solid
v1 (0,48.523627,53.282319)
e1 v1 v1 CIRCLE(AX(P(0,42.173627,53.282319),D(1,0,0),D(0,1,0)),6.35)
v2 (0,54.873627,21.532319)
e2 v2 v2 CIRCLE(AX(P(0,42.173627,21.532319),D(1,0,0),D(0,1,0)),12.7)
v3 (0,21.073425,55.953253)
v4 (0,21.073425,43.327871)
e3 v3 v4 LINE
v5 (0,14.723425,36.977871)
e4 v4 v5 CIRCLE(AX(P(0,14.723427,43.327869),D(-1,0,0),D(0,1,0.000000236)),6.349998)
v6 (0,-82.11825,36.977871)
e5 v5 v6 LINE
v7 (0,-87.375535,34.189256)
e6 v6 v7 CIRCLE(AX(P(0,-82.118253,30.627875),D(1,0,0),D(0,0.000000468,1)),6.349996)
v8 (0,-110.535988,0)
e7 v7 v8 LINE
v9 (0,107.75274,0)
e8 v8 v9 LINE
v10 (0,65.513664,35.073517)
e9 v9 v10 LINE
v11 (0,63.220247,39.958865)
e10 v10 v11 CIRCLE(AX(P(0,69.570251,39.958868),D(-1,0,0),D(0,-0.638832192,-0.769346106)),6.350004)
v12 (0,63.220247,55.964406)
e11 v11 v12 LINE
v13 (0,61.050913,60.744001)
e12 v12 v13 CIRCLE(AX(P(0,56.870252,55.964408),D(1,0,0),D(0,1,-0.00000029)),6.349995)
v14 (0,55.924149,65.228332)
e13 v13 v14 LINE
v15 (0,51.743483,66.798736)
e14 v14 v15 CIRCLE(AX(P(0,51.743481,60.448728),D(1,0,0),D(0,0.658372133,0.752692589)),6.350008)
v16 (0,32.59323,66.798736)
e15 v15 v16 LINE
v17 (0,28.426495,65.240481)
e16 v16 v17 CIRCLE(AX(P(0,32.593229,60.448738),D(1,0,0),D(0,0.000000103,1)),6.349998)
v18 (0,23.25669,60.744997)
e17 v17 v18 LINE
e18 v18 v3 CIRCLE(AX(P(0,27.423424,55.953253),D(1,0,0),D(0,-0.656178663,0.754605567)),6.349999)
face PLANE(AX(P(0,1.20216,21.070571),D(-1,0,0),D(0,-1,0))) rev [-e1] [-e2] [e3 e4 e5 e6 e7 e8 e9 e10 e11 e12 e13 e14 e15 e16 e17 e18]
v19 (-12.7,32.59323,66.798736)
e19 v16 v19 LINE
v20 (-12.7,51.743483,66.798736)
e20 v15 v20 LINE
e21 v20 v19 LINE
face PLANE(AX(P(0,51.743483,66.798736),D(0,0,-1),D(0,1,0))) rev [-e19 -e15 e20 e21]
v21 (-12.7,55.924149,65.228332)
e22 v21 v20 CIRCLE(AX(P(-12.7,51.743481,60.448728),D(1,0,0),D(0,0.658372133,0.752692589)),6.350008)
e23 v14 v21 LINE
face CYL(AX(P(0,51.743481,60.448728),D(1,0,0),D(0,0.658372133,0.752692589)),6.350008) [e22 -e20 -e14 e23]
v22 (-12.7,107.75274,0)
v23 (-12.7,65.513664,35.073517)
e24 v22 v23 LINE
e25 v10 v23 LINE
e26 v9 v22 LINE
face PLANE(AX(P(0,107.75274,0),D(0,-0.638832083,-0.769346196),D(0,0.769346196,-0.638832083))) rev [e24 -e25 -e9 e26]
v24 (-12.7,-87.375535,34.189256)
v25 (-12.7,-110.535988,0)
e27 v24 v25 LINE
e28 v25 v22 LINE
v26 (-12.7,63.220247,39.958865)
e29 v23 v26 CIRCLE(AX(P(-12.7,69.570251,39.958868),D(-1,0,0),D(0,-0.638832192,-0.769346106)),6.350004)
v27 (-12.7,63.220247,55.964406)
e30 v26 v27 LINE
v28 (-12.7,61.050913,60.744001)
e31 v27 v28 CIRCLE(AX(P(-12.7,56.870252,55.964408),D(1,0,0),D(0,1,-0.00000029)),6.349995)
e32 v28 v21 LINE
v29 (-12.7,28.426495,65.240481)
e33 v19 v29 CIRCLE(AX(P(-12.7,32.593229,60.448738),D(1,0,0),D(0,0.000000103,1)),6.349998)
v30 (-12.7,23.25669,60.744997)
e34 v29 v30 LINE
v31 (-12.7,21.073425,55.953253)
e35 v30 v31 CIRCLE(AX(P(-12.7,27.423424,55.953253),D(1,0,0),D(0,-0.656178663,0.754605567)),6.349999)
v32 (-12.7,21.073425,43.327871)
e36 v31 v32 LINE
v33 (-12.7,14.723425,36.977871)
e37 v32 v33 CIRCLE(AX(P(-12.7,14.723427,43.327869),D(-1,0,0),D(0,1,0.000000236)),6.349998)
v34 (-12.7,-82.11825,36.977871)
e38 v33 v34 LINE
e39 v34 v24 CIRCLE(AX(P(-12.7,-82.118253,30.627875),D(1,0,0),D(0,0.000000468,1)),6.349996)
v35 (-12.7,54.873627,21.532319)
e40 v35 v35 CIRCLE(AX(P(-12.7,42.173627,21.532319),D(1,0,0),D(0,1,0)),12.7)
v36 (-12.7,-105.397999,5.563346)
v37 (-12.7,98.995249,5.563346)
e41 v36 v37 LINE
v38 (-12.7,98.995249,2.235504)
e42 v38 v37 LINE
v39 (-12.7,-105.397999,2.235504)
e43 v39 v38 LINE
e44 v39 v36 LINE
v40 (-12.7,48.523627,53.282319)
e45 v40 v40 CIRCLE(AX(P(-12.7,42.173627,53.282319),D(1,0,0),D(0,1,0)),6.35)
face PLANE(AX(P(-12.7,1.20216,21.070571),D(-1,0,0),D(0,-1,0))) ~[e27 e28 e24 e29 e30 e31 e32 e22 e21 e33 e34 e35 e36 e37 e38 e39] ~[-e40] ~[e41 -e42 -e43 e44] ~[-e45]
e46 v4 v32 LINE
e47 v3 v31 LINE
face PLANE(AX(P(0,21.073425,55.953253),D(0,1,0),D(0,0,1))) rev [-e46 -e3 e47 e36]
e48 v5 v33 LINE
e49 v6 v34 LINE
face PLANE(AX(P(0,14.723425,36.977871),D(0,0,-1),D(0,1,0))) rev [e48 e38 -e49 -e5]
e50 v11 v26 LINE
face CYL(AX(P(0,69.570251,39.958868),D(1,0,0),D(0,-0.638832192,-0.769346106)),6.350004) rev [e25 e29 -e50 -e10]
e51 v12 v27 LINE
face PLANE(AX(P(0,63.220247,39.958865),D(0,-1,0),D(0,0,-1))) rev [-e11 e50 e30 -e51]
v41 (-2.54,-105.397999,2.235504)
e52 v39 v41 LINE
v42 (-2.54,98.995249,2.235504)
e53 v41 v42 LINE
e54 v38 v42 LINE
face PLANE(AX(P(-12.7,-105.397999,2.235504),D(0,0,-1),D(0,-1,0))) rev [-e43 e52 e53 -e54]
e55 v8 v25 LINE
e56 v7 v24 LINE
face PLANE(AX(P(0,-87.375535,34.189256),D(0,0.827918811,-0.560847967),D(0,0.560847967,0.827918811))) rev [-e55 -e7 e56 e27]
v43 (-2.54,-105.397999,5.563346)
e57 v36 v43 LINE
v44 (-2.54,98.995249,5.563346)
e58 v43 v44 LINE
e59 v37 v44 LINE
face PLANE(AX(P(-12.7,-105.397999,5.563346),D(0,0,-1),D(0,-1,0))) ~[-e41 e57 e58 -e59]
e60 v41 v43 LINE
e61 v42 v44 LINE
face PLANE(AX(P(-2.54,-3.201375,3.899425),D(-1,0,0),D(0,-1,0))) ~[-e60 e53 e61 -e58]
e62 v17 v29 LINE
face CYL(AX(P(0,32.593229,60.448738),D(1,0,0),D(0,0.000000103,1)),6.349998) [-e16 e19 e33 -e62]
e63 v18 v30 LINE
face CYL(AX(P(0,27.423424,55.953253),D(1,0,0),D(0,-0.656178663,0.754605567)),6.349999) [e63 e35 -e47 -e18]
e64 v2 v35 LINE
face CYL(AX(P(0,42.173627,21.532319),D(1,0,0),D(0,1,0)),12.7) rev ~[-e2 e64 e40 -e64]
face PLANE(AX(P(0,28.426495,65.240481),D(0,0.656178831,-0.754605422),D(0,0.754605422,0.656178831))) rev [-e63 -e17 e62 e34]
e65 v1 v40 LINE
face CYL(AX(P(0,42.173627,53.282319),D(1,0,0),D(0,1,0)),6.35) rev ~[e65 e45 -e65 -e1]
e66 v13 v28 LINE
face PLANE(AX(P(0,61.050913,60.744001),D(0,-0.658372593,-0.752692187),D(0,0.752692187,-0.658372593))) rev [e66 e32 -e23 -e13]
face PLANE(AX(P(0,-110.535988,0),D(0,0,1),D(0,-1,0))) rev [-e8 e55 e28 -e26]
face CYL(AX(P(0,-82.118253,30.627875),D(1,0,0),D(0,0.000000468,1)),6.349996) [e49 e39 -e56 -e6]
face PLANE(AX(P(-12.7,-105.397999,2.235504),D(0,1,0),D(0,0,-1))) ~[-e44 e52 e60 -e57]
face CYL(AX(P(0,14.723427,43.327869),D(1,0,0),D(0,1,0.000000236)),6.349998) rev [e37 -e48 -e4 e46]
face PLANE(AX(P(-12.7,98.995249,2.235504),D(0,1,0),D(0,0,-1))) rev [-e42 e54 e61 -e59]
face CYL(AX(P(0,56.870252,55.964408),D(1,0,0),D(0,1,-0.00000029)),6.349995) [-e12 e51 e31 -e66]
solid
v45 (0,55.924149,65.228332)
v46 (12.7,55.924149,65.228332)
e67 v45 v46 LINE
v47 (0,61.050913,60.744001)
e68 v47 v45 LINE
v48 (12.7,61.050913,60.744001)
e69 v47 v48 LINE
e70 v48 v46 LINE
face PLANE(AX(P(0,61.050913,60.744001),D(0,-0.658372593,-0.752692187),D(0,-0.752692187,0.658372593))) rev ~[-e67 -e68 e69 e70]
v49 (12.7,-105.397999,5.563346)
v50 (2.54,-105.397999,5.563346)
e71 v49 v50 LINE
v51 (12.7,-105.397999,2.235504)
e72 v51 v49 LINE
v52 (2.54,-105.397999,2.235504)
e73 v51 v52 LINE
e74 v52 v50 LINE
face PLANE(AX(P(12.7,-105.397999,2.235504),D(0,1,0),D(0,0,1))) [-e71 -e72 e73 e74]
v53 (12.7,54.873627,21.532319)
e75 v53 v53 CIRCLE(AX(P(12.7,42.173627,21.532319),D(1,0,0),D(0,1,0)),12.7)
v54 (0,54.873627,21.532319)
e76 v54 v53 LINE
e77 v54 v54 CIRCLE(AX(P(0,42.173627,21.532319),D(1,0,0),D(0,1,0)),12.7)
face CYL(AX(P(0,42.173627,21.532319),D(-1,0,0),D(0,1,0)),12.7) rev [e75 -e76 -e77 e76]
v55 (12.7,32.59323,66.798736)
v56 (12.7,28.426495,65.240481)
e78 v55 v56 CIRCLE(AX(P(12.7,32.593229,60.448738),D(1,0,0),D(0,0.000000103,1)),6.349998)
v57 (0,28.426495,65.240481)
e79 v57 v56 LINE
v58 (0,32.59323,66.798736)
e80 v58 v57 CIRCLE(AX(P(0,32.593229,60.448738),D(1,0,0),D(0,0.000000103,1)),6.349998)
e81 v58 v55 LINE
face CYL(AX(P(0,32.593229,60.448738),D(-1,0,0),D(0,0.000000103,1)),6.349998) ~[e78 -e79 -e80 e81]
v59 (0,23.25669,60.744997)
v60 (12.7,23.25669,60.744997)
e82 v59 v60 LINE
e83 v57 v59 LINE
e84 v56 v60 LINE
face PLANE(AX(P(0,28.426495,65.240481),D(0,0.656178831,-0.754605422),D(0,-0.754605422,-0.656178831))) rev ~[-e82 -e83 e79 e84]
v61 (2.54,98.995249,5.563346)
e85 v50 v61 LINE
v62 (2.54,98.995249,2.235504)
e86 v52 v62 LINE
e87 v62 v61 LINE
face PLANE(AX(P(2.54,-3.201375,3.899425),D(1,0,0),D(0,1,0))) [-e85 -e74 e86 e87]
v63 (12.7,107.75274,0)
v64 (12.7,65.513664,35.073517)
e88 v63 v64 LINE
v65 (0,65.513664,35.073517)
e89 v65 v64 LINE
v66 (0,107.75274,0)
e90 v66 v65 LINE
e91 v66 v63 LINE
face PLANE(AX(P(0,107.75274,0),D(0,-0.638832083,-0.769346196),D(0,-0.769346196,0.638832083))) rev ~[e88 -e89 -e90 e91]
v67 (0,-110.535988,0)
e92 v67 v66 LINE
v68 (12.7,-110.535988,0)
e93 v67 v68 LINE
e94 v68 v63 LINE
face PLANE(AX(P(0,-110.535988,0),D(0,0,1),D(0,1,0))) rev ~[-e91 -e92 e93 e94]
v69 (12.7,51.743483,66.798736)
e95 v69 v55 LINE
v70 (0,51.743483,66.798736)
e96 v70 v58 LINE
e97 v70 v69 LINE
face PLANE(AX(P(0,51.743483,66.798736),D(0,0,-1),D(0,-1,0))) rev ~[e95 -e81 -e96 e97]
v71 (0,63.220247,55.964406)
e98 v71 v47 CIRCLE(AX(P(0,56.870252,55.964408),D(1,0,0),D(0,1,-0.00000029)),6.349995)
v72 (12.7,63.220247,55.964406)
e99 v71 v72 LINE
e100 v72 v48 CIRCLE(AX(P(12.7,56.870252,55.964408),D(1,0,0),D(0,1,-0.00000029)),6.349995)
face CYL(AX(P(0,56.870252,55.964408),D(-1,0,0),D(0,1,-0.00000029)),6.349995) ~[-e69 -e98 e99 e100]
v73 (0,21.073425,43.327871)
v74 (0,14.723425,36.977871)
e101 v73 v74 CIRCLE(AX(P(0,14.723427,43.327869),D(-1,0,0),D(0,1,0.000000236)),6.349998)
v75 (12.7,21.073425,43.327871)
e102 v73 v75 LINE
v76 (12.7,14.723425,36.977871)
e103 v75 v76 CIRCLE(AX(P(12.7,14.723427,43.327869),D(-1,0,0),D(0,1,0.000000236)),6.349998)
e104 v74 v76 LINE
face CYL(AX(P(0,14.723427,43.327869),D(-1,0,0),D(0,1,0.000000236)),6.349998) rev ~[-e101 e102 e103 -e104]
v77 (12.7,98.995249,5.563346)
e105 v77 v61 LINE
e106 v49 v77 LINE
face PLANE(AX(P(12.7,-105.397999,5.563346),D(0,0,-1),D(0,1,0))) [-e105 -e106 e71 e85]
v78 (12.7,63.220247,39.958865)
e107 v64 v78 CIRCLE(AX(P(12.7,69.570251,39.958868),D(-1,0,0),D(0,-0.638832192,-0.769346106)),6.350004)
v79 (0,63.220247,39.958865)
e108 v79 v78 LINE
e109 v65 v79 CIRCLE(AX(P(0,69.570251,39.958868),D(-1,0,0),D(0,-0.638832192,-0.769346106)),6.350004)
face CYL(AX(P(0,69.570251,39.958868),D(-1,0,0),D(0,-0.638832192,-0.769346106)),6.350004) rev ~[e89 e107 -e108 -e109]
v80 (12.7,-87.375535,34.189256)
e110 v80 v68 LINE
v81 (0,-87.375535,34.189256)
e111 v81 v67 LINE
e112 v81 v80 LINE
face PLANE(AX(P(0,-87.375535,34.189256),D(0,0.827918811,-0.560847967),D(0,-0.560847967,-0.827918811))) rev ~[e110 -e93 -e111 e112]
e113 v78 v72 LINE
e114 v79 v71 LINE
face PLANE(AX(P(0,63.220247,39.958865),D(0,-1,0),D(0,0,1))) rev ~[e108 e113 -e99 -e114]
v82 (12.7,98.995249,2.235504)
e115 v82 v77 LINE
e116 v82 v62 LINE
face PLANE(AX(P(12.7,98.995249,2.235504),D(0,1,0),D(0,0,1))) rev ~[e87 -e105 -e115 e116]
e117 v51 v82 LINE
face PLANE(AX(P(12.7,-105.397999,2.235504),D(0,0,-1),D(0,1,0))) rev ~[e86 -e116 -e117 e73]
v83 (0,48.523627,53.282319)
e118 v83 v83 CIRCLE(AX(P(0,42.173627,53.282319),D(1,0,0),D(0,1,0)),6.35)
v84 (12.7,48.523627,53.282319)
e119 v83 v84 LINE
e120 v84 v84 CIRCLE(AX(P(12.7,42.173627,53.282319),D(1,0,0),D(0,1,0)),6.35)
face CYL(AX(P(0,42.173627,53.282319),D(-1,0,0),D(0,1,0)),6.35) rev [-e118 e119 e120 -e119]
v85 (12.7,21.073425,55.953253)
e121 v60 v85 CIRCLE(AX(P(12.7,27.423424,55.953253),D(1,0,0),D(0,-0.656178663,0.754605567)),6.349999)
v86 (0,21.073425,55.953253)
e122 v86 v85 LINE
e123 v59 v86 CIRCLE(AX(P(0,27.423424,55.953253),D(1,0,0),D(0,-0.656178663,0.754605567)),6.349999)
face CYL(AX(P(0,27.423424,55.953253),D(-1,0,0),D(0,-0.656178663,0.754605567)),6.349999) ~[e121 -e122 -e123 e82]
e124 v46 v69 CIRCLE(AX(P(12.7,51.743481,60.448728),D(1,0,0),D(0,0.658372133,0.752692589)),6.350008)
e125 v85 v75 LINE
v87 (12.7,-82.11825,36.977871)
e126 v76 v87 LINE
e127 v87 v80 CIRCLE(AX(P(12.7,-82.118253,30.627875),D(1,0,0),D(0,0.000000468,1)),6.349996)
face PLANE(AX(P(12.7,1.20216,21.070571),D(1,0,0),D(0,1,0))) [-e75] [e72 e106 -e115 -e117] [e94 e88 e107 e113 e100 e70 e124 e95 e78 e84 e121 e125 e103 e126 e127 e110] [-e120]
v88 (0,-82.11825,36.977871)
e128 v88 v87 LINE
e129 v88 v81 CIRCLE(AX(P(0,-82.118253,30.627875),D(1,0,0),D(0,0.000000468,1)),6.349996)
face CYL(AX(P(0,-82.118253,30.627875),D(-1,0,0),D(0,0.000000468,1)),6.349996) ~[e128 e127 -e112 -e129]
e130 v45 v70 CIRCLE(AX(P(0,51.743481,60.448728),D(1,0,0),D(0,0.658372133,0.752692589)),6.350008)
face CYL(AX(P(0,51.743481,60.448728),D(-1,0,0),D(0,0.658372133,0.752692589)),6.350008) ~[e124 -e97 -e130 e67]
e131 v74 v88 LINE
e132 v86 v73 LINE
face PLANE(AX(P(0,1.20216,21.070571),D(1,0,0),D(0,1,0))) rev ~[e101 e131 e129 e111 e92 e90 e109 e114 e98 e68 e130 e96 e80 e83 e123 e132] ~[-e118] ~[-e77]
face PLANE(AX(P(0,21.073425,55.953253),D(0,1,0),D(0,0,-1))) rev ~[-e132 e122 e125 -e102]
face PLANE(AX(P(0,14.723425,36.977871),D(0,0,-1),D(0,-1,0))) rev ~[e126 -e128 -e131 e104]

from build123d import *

# Parameters (mm, degrees)
F0_R     = 12.7
F0_R_2   = 6.35
F1_DEPTH = 12.7
F2_W     = 204.393248
F2_H     = 3.327842
F3_DEPTH = 10.16


with BuildPart() as f1:
    # F0 (on Right) → F1 (new body)
    with BuildSketch(Plane.YZ):
        with BuildLine():
            Line((-87.375535, 34.189256), (-110.535988, 0))
            Line((-110.535988, 0), (107.75274, 0))
            Line((107.75274, 0), (65.513664, 35.073517))
            ThreePointArc((65.513664, 35.073517), (63.822126, 37.260422), (63.220247, 39.958865))
            Line((63.220247, 39.958865), (63.220247, 55.964406))
            ThreePointArc((63.220247, 55.964406), (62.652536, 58.588837), (61.050913, 60.744001))
            Line((61.050913, 60.744001), (55.924149, 65.228332))
            ThreePointArc((55.924149, 65.228332), (53.976426, 66.393184), (51.743483, 66.798736))
            Line((51.743483, 66.798736), (32.59323, 66.798736))
            ThreePointArc((32.59323, 66.798736), (30.368941, 66.396428), (28.426495, 65.240481))
            Line((28.426495, 65.240481), (23.25669, 60.744997))
            ThreePointArc((23.25669, 60.744997), (21.644962, 58.586096), (21.073425, 55.953253))
            Line((21.073425, 55.953253), (21.073425, 43.327871))
            ThreePointArc((21.073425, 43.327871), (19.213554, 38.837743), (14.723425, 36.977871))
            Line((14.723425, 36.977871), (-82.11825, 36.977871))
            ThreePointArc((-82.11825, 36.977871), (-85.093793, 36.237564), (-87.375535, 34.189256))
        make_face()
        with Locations((42.173627, 21.532319)):
            Circle(F0_R, mode=Mode.SUBTRACT)
        with Locations((42.173627, 53.282319)):
            Circle(F0_R_2, mode=Mode.SUBTRACT)
    extrude(amount=F1_DEPTH)

    # F2 (on face) → F3 (cut)
    with BuildSketch(Plane.YZ.offset(12.7)):
        with Locations((-3.201375, 3.899425)):
            Rectangle(F2_W, F2_H)
    extrude(amount=-F3_DEPTH, mode=Mode.SUBTRACT)


with BuildPart() as f4_1:
    # F4: instance of F1
    add(f1.part.mirror(Plane(origin=(0, -2.3091, 21.867305), x_dir=(0, 1, 0), z_dir=(-1, 0, 0))))


solid = Compound([f1.part, f4_1.part])
